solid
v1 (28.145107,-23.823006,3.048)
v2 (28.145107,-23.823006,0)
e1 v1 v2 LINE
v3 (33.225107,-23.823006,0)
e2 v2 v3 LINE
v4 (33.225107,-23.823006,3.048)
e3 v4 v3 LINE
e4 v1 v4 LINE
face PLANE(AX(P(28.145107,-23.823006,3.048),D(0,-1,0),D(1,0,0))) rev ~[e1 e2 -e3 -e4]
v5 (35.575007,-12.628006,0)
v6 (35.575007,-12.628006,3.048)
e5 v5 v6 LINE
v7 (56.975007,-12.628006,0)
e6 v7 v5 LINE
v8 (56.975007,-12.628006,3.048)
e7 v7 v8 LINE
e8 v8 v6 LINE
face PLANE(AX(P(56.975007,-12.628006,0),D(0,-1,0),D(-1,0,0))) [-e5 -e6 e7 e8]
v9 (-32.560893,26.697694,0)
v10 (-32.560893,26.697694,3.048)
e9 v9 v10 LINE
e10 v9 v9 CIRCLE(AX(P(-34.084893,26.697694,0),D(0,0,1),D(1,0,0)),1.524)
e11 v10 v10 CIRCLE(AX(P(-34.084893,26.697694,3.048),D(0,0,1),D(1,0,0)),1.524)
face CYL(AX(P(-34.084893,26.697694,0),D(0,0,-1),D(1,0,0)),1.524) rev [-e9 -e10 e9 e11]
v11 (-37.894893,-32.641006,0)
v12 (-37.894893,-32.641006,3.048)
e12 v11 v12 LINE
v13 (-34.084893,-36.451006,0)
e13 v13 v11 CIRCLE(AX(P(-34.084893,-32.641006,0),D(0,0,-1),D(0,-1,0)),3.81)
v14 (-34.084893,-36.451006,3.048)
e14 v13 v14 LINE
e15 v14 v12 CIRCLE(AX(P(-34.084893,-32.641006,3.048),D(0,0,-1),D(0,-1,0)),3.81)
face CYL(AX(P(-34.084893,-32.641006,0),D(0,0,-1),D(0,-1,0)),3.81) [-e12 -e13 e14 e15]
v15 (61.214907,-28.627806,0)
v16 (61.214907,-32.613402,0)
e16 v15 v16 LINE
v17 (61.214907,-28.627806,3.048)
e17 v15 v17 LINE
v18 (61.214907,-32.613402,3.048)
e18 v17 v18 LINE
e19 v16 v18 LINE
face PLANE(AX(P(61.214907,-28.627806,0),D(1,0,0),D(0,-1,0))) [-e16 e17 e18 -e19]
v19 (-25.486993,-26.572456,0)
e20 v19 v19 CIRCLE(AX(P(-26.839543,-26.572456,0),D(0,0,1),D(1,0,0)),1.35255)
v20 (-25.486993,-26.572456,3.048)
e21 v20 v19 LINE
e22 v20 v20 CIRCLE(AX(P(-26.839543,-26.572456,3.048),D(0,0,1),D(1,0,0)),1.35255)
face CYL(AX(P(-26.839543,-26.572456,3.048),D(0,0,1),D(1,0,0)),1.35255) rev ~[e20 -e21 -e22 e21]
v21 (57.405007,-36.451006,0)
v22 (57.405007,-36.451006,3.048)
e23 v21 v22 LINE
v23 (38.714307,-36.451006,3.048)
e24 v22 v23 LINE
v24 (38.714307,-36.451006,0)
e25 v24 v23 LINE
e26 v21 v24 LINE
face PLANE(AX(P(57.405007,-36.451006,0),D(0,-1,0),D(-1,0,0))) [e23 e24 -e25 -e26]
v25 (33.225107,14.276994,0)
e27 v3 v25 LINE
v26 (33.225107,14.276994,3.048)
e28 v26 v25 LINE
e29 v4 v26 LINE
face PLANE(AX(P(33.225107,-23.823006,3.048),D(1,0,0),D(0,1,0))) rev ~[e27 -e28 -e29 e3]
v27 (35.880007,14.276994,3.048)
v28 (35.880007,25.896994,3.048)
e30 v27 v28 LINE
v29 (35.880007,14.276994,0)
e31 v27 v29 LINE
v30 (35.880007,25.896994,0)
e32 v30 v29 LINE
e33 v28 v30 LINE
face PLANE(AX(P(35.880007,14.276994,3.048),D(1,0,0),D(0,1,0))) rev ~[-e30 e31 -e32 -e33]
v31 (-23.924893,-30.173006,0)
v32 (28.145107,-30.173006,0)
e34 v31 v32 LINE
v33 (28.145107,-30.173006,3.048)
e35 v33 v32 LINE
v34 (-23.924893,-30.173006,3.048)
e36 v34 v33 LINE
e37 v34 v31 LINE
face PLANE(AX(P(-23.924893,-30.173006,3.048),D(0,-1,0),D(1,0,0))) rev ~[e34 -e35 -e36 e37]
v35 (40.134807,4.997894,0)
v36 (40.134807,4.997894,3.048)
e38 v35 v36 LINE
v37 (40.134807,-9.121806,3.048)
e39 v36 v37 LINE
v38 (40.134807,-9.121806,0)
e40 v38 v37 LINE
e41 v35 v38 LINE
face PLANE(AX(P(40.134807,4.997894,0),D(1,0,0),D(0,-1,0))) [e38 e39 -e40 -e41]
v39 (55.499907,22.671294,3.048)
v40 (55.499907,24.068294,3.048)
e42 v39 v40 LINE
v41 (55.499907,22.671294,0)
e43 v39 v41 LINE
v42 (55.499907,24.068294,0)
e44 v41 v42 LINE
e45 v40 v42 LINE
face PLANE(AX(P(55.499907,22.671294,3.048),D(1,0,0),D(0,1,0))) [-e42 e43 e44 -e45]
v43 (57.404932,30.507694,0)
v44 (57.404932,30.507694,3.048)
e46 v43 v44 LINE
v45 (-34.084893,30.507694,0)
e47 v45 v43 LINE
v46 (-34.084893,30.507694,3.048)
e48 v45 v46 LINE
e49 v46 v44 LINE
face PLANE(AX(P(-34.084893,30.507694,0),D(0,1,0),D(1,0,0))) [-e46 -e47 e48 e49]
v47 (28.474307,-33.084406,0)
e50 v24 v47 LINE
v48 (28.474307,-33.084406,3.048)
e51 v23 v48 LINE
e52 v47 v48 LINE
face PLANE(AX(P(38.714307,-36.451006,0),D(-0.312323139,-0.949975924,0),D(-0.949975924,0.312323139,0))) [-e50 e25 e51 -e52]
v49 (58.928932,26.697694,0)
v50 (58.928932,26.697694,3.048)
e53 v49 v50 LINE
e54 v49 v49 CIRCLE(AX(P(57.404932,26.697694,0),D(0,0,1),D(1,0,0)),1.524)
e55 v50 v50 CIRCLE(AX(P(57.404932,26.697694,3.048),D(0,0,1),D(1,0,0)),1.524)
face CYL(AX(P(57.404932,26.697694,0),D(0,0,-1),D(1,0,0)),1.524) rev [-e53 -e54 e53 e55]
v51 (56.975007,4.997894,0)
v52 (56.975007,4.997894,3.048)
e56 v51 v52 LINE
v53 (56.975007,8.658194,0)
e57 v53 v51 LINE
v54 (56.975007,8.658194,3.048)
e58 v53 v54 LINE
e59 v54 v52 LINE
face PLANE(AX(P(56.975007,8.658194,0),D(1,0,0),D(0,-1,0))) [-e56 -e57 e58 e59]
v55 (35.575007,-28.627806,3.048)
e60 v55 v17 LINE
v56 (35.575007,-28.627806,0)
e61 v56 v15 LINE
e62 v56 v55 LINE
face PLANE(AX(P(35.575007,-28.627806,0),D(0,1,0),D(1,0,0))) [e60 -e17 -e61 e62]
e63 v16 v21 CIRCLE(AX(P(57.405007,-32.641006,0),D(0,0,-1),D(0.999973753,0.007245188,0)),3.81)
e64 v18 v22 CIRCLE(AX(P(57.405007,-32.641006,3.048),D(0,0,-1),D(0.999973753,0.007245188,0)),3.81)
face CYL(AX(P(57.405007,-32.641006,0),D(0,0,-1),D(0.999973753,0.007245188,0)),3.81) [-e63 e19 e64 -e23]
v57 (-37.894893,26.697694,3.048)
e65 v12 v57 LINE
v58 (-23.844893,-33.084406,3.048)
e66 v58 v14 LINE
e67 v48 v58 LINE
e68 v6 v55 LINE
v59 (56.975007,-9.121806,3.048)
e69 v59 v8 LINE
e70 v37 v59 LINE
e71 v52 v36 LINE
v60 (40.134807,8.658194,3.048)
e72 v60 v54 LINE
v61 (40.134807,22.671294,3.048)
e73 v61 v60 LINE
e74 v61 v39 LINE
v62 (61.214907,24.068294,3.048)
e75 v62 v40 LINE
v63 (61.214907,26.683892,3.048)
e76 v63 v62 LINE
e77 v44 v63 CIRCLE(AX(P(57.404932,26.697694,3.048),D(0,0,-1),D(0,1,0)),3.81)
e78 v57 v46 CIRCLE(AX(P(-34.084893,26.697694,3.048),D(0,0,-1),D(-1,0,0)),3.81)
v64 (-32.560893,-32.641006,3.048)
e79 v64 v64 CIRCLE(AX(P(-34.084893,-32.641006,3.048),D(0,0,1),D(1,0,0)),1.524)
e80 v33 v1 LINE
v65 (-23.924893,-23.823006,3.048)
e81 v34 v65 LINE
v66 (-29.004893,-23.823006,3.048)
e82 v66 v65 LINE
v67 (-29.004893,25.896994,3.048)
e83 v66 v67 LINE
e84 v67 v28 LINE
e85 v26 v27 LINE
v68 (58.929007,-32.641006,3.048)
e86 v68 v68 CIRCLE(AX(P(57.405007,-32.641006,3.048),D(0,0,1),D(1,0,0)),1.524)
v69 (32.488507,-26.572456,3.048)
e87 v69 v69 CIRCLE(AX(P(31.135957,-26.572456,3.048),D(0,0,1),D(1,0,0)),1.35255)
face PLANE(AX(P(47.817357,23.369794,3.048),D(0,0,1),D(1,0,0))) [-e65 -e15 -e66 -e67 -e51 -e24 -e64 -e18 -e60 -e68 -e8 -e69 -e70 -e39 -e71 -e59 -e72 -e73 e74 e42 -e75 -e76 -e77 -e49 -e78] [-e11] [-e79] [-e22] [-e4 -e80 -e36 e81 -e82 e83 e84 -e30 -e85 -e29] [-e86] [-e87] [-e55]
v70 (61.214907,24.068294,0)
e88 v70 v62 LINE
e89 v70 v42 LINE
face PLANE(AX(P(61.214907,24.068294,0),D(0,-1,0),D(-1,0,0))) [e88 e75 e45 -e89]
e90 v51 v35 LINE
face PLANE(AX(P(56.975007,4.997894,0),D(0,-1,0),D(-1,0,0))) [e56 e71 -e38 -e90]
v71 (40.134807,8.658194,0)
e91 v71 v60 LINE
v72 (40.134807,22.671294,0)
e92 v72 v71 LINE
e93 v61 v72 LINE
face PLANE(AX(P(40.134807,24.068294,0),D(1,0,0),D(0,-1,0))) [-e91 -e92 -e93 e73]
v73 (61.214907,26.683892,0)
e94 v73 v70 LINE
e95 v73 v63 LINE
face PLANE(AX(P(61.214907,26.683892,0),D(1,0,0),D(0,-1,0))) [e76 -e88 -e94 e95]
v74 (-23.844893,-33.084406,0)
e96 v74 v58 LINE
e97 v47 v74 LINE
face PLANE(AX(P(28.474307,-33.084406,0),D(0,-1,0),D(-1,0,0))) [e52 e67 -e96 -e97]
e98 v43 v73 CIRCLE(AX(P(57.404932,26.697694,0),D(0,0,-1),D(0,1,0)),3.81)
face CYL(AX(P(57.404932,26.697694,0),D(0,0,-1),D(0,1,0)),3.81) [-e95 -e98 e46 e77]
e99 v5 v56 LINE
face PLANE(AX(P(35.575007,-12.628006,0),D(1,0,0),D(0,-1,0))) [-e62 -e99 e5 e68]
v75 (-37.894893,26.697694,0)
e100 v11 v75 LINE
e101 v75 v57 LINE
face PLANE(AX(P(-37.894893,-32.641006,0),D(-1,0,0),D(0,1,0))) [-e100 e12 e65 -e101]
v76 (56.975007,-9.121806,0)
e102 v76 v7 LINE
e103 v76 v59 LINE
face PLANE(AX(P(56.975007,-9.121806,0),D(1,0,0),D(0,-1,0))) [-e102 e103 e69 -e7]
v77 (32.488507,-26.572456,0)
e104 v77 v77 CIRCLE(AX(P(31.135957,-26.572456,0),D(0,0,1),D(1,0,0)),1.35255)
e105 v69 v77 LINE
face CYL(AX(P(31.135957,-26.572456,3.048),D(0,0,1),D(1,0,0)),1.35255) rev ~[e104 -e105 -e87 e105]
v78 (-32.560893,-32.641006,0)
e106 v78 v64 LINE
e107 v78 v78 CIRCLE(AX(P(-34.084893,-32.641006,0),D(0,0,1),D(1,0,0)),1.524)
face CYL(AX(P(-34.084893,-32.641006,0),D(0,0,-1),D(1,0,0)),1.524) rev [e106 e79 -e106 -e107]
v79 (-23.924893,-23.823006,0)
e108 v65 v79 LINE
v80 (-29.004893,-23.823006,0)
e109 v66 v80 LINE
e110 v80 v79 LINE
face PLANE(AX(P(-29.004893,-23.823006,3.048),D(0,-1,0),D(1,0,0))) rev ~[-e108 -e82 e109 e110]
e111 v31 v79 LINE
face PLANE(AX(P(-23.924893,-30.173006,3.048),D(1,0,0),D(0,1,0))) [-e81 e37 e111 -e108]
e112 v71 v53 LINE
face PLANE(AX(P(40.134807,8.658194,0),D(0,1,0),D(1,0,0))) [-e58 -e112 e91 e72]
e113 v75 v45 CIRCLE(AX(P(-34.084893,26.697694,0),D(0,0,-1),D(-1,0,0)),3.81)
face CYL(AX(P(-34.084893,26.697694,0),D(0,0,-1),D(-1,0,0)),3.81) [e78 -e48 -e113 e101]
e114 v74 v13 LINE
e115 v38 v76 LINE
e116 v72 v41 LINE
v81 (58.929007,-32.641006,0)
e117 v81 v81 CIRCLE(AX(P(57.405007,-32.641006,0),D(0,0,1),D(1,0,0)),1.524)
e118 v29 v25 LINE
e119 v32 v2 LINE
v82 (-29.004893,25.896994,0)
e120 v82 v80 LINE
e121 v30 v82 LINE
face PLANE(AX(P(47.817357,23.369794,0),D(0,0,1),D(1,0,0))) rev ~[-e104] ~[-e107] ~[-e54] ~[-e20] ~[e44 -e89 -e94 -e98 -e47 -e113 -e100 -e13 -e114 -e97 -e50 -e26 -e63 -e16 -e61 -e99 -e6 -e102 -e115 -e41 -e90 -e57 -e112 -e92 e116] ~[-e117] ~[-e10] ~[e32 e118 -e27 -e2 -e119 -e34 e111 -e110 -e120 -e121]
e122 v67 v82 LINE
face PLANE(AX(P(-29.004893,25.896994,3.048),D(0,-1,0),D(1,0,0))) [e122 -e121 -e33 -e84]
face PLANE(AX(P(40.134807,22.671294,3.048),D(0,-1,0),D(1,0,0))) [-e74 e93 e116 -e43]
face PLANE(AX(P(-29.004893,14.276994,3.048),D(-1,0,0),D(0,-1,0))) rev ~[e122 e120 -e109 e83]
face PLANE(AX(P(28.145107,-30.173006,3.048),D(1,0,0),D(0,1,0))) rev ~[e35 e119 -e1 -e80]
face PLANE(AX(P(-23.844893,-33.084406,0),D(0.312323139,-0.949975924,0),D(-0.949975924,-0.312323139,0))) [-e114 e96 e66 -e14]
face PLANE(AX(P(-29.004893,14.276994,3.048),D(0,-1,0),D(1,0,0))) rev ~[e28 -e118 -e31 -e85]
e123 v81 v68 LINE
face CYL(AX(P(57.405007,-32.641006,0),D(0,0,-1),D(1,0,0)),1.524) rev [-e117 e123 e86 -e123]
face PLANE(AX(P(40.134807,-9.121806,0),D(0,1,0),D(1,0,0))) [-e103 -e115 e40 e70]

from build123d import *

# Parameters (mm, degrees)
SKETCH1_R           = 1.524
SKETCH1_W           = 60.6932
SKETCH1_H           = 7.81
SKETCH1_W_2         = 5.588
SKETCH1_H_2         = 23.368
SKETCH1_W_3         = 5.4034
SKETCH1_H_3         = 22.6066
BOSS_EXTRUDE1_DEPTH = 3.048
SKETCH2_R           = 10.922
SKETCH2_R_2         = 1.4986
CUT_EXTRUDE1_DEPTH  = 4.048
SKETCH3_W           = 60.6932
SKETCH3_H           = 56.8638
BOSS_EXTRUDE2_DEPTH = 3.048
SKETCH5_W           = 64.8849
SKETCH5_H           = 11.62
SKETCH5_R           = 2.7305
CUT_EXTRUDE3_DEPTH  = 4.048
SKETCH6_R           = 2.7305
SKETCH6_R_2         = 1.35255
BOSS_EXTRUDE3_DEPTH = 3.048
SKETCH7_W           = 15.3651
SKETCH7_H           = 1.397
BOSS_EXTRUDE4_DEPTH = 3.048
SKETCH8_W           = 52.07
SKETCH8_H           = 6.35
CUT_EXTRUDE4_DEPTH  = 4.048


with BuildPart() as part:
    # Sketch1 → Boss-Extrude1 (new body)
    with BuildSketch(Plane.XY):
        with BuildLine():
            Line((61.214907375, 24.068294304), (40.134807375, 24.068294304))
            Line((40.134807375, 24.068294304), (40.134807375, 8.658194304))
            Line((40.134807375, 8.658194304), (56.975007375, 8.658194304))
            Line((56.975007375, 8.658194304), (56.975007375, 4.997894304))
            Line((56.975007375, 4.997894304), (40.134807375, 4.997894304))
            Line((40.134807375, 4.997894304), (40.134807375, -9.121805696))
            Line((40.134807375, -9.121805696), (56.975007375, -9.121805696))
            Line((56.975007375, -9.121805696), (56.975007375, -12.628005696))
            Line((56.975007375, -12.628005696), (35.575007375, -12.628005696))
            Line((35.575007375, -12.628005696), (35.575007375, -28.627805696))
            Line((35.575007375, -28.627805696), (61.214907375, -28.627805696))
            Line((61.214907375, -28.627805696), (61.214907375, -32.613401529))
            ThreePointArc((61.214907375, -32.613401529), (60.108826144, -35.325305244), (57.405007375, -36.451005696))
            Line((57.405007375, -36.451005696), (38.714307375, -36.451005696))
            Line((38.714307375, -36.451005696), (28.474307375, -33.084405696))
            Line((28.474307375, -33.084405696), (-23.844892625, -33.084405696))
            Line((-23.844892625, -33.084405696), (-34.084892625, -36.451005696))
            ThreePointArc((-34.084892625, -36.451005696), (-36.778969461, -35.335082532), (-37.894892625, -32.641005696))
            Line((-37.894892625, -32.641005696), (-37.894892625, 26.697694304))
            ThreePointArc((-37.894892625, 26.697694304), (-36.778969461, 29.391771141), (-34.084892625, 30.507694304))
            Line((-34.084892625, 30.507694304), (57.404932375, 30.507694304))
            ThreePointArc((57.404932375, 30.507694304), (60.103884597, 29.386886916), (61.214907375, 26.683892153))
            Line((61.214907375, 26.683892153), (61.214907375, 24.068294304))
        make_face()
        with Locations((57.405007375, -32.641005696)):
            Circle(SKETCH1_R, mode=Mode.SUBTRACT)
        with Locations((-34.084892625, -32.641005696)):
            Circle(SKETCH1_R, mode=Mode.SUBTRACT)
        with Locations((-34.084892625, 26.697694304)):
            Circle(SKETCH1_R, mode=Mode.SUBTRACT)
        with Locations((57.404932375, 26.697694304)):
            Circle(SKETCH1_R, mode=Mode.SUBTRACT)
        with Locations((1.341707375, 21.991994304)):
            Rectangle(SKETCH1_W, SKETCH1_H, mode=Mode.SUBTRACT)
        with Locations((-26.210892625, -1.882805696)):
            Rectangle(SKETCH1_W_2, SKETCH1_H_2, mode=Mode.SUBTRACT)
        with Locations((16.546707375, -19.663505696)):
            Rectangle(SKETCH1_W_3, SKETCH1_H_3, mode=Mode.SUBTRACT)
    extrude(amount=BOSS_EXTRUDE1_DEPTH)

    # Sketch2 → Cut-Extrude1 (cut, through all)
    with BuildSketch(Plane.XY.offset(3.048)):
        with Locations((-0.302892625, -0.480305696)):
            Circle(SKETCH2_R)
        with Locations((-10.285092625, -10.462505696)):
            Circle(SKETCH2_R_2)
        with Locations((-10.285092625, 9.501894304)):
            Circle(SKETCH2_R_2)
        with Locations((9.679307375, -10.462505696)):
            Circle(SKETCH2_R_2)
        with Locations((9.679307375, 9.501894304)):
            Circle(SKETCH2_R_2)
    extrude(amount=-CUT_EXTRUDE1_DEPTH, mode=Mode.SUBTRACT)

    # Sketch3 → Boss-Extrude2 (add)
    with BuildSketch(Plane.XY.offset(3.048)):
        with Locations((1.341707375, -2.534905696)):
            Rectangle(SKETCH3_W, SKETCH3_H)
    extrude(amount=-BOSS_EXTRUDE2_DEPTH)

    # Sketch5 → Cut-Extrude3 (cut, through all)
    with BuildSketch(Plane.XY.offset(3.048)):
        with Locations((3.437557375, 20.086994304)):
            Rectangle(SKETCH5_W, SKETCH5_H)
        with Locations((-26.839542625, -26.572455696)):
            Circle(SKETCH5_R)
        with Locations((31.135957375, -26.572455696)):
            Circle(SKETCH5_R)
    extrude(amount=-CUT_EXTRUDE3_DEPTH, mode=Mode.SUBTRACT)

    # Sketch6 → Boss-Extrude3 (add)
    with BuildSketch(Plane.XY.offset(3.048)):
        with Locations((-26.839542625, -26.572455696)):
            Circle(SKETCH6_R)
        with Locations((-26.839542625, -26.572455696)):
            Circle(SKETCH6_R_2, mode=Mode.SUBTRACT)
        with Locations((31.135957375, -26.572455696)):
            Circle(SKETCH6_R)
        with Locations((31.135957375, -26.572455696)):
            Circle(SKETCH6_R_2, mode=Mode.SUBTRACT)
    extrude(amount=-BOSS_EXTRUDE3_DEPTH)

    # Sketch7 → Boss-Extrude4 (add)
    with BuildSketch(Plane.XY.offset(3.048)):
        with Locations((47.817357375, 23.369794304)):
            Rectangle(SKETCH7_W, SKETCH7_H)
    extrude(amount=-BOSS_EXTRUDE4_DEPTH)

    # Sketch8 → Cut-Extrude4 (cut, through all)
    with BuildSketch(Plane.XY.offset(3.048)):
        Polygon((-29.004892625, -23.823005696), (-23.924892625, -23.823005696), (28.145107375, -23.823005696), (33.225107375, -23.823005696), (33.225107375, 14.276994304), (-29.004892625, 14.276994304), align=None)
        with Locations((2.110107375, -26.998005696)):
            Rectangle(SKETCH8_W, SKETCH8_H)
    extrude(amount=-CUT_EXTRUDE4_DEPTH, mode=Mode.SUBTRACT)


solid = part.part
